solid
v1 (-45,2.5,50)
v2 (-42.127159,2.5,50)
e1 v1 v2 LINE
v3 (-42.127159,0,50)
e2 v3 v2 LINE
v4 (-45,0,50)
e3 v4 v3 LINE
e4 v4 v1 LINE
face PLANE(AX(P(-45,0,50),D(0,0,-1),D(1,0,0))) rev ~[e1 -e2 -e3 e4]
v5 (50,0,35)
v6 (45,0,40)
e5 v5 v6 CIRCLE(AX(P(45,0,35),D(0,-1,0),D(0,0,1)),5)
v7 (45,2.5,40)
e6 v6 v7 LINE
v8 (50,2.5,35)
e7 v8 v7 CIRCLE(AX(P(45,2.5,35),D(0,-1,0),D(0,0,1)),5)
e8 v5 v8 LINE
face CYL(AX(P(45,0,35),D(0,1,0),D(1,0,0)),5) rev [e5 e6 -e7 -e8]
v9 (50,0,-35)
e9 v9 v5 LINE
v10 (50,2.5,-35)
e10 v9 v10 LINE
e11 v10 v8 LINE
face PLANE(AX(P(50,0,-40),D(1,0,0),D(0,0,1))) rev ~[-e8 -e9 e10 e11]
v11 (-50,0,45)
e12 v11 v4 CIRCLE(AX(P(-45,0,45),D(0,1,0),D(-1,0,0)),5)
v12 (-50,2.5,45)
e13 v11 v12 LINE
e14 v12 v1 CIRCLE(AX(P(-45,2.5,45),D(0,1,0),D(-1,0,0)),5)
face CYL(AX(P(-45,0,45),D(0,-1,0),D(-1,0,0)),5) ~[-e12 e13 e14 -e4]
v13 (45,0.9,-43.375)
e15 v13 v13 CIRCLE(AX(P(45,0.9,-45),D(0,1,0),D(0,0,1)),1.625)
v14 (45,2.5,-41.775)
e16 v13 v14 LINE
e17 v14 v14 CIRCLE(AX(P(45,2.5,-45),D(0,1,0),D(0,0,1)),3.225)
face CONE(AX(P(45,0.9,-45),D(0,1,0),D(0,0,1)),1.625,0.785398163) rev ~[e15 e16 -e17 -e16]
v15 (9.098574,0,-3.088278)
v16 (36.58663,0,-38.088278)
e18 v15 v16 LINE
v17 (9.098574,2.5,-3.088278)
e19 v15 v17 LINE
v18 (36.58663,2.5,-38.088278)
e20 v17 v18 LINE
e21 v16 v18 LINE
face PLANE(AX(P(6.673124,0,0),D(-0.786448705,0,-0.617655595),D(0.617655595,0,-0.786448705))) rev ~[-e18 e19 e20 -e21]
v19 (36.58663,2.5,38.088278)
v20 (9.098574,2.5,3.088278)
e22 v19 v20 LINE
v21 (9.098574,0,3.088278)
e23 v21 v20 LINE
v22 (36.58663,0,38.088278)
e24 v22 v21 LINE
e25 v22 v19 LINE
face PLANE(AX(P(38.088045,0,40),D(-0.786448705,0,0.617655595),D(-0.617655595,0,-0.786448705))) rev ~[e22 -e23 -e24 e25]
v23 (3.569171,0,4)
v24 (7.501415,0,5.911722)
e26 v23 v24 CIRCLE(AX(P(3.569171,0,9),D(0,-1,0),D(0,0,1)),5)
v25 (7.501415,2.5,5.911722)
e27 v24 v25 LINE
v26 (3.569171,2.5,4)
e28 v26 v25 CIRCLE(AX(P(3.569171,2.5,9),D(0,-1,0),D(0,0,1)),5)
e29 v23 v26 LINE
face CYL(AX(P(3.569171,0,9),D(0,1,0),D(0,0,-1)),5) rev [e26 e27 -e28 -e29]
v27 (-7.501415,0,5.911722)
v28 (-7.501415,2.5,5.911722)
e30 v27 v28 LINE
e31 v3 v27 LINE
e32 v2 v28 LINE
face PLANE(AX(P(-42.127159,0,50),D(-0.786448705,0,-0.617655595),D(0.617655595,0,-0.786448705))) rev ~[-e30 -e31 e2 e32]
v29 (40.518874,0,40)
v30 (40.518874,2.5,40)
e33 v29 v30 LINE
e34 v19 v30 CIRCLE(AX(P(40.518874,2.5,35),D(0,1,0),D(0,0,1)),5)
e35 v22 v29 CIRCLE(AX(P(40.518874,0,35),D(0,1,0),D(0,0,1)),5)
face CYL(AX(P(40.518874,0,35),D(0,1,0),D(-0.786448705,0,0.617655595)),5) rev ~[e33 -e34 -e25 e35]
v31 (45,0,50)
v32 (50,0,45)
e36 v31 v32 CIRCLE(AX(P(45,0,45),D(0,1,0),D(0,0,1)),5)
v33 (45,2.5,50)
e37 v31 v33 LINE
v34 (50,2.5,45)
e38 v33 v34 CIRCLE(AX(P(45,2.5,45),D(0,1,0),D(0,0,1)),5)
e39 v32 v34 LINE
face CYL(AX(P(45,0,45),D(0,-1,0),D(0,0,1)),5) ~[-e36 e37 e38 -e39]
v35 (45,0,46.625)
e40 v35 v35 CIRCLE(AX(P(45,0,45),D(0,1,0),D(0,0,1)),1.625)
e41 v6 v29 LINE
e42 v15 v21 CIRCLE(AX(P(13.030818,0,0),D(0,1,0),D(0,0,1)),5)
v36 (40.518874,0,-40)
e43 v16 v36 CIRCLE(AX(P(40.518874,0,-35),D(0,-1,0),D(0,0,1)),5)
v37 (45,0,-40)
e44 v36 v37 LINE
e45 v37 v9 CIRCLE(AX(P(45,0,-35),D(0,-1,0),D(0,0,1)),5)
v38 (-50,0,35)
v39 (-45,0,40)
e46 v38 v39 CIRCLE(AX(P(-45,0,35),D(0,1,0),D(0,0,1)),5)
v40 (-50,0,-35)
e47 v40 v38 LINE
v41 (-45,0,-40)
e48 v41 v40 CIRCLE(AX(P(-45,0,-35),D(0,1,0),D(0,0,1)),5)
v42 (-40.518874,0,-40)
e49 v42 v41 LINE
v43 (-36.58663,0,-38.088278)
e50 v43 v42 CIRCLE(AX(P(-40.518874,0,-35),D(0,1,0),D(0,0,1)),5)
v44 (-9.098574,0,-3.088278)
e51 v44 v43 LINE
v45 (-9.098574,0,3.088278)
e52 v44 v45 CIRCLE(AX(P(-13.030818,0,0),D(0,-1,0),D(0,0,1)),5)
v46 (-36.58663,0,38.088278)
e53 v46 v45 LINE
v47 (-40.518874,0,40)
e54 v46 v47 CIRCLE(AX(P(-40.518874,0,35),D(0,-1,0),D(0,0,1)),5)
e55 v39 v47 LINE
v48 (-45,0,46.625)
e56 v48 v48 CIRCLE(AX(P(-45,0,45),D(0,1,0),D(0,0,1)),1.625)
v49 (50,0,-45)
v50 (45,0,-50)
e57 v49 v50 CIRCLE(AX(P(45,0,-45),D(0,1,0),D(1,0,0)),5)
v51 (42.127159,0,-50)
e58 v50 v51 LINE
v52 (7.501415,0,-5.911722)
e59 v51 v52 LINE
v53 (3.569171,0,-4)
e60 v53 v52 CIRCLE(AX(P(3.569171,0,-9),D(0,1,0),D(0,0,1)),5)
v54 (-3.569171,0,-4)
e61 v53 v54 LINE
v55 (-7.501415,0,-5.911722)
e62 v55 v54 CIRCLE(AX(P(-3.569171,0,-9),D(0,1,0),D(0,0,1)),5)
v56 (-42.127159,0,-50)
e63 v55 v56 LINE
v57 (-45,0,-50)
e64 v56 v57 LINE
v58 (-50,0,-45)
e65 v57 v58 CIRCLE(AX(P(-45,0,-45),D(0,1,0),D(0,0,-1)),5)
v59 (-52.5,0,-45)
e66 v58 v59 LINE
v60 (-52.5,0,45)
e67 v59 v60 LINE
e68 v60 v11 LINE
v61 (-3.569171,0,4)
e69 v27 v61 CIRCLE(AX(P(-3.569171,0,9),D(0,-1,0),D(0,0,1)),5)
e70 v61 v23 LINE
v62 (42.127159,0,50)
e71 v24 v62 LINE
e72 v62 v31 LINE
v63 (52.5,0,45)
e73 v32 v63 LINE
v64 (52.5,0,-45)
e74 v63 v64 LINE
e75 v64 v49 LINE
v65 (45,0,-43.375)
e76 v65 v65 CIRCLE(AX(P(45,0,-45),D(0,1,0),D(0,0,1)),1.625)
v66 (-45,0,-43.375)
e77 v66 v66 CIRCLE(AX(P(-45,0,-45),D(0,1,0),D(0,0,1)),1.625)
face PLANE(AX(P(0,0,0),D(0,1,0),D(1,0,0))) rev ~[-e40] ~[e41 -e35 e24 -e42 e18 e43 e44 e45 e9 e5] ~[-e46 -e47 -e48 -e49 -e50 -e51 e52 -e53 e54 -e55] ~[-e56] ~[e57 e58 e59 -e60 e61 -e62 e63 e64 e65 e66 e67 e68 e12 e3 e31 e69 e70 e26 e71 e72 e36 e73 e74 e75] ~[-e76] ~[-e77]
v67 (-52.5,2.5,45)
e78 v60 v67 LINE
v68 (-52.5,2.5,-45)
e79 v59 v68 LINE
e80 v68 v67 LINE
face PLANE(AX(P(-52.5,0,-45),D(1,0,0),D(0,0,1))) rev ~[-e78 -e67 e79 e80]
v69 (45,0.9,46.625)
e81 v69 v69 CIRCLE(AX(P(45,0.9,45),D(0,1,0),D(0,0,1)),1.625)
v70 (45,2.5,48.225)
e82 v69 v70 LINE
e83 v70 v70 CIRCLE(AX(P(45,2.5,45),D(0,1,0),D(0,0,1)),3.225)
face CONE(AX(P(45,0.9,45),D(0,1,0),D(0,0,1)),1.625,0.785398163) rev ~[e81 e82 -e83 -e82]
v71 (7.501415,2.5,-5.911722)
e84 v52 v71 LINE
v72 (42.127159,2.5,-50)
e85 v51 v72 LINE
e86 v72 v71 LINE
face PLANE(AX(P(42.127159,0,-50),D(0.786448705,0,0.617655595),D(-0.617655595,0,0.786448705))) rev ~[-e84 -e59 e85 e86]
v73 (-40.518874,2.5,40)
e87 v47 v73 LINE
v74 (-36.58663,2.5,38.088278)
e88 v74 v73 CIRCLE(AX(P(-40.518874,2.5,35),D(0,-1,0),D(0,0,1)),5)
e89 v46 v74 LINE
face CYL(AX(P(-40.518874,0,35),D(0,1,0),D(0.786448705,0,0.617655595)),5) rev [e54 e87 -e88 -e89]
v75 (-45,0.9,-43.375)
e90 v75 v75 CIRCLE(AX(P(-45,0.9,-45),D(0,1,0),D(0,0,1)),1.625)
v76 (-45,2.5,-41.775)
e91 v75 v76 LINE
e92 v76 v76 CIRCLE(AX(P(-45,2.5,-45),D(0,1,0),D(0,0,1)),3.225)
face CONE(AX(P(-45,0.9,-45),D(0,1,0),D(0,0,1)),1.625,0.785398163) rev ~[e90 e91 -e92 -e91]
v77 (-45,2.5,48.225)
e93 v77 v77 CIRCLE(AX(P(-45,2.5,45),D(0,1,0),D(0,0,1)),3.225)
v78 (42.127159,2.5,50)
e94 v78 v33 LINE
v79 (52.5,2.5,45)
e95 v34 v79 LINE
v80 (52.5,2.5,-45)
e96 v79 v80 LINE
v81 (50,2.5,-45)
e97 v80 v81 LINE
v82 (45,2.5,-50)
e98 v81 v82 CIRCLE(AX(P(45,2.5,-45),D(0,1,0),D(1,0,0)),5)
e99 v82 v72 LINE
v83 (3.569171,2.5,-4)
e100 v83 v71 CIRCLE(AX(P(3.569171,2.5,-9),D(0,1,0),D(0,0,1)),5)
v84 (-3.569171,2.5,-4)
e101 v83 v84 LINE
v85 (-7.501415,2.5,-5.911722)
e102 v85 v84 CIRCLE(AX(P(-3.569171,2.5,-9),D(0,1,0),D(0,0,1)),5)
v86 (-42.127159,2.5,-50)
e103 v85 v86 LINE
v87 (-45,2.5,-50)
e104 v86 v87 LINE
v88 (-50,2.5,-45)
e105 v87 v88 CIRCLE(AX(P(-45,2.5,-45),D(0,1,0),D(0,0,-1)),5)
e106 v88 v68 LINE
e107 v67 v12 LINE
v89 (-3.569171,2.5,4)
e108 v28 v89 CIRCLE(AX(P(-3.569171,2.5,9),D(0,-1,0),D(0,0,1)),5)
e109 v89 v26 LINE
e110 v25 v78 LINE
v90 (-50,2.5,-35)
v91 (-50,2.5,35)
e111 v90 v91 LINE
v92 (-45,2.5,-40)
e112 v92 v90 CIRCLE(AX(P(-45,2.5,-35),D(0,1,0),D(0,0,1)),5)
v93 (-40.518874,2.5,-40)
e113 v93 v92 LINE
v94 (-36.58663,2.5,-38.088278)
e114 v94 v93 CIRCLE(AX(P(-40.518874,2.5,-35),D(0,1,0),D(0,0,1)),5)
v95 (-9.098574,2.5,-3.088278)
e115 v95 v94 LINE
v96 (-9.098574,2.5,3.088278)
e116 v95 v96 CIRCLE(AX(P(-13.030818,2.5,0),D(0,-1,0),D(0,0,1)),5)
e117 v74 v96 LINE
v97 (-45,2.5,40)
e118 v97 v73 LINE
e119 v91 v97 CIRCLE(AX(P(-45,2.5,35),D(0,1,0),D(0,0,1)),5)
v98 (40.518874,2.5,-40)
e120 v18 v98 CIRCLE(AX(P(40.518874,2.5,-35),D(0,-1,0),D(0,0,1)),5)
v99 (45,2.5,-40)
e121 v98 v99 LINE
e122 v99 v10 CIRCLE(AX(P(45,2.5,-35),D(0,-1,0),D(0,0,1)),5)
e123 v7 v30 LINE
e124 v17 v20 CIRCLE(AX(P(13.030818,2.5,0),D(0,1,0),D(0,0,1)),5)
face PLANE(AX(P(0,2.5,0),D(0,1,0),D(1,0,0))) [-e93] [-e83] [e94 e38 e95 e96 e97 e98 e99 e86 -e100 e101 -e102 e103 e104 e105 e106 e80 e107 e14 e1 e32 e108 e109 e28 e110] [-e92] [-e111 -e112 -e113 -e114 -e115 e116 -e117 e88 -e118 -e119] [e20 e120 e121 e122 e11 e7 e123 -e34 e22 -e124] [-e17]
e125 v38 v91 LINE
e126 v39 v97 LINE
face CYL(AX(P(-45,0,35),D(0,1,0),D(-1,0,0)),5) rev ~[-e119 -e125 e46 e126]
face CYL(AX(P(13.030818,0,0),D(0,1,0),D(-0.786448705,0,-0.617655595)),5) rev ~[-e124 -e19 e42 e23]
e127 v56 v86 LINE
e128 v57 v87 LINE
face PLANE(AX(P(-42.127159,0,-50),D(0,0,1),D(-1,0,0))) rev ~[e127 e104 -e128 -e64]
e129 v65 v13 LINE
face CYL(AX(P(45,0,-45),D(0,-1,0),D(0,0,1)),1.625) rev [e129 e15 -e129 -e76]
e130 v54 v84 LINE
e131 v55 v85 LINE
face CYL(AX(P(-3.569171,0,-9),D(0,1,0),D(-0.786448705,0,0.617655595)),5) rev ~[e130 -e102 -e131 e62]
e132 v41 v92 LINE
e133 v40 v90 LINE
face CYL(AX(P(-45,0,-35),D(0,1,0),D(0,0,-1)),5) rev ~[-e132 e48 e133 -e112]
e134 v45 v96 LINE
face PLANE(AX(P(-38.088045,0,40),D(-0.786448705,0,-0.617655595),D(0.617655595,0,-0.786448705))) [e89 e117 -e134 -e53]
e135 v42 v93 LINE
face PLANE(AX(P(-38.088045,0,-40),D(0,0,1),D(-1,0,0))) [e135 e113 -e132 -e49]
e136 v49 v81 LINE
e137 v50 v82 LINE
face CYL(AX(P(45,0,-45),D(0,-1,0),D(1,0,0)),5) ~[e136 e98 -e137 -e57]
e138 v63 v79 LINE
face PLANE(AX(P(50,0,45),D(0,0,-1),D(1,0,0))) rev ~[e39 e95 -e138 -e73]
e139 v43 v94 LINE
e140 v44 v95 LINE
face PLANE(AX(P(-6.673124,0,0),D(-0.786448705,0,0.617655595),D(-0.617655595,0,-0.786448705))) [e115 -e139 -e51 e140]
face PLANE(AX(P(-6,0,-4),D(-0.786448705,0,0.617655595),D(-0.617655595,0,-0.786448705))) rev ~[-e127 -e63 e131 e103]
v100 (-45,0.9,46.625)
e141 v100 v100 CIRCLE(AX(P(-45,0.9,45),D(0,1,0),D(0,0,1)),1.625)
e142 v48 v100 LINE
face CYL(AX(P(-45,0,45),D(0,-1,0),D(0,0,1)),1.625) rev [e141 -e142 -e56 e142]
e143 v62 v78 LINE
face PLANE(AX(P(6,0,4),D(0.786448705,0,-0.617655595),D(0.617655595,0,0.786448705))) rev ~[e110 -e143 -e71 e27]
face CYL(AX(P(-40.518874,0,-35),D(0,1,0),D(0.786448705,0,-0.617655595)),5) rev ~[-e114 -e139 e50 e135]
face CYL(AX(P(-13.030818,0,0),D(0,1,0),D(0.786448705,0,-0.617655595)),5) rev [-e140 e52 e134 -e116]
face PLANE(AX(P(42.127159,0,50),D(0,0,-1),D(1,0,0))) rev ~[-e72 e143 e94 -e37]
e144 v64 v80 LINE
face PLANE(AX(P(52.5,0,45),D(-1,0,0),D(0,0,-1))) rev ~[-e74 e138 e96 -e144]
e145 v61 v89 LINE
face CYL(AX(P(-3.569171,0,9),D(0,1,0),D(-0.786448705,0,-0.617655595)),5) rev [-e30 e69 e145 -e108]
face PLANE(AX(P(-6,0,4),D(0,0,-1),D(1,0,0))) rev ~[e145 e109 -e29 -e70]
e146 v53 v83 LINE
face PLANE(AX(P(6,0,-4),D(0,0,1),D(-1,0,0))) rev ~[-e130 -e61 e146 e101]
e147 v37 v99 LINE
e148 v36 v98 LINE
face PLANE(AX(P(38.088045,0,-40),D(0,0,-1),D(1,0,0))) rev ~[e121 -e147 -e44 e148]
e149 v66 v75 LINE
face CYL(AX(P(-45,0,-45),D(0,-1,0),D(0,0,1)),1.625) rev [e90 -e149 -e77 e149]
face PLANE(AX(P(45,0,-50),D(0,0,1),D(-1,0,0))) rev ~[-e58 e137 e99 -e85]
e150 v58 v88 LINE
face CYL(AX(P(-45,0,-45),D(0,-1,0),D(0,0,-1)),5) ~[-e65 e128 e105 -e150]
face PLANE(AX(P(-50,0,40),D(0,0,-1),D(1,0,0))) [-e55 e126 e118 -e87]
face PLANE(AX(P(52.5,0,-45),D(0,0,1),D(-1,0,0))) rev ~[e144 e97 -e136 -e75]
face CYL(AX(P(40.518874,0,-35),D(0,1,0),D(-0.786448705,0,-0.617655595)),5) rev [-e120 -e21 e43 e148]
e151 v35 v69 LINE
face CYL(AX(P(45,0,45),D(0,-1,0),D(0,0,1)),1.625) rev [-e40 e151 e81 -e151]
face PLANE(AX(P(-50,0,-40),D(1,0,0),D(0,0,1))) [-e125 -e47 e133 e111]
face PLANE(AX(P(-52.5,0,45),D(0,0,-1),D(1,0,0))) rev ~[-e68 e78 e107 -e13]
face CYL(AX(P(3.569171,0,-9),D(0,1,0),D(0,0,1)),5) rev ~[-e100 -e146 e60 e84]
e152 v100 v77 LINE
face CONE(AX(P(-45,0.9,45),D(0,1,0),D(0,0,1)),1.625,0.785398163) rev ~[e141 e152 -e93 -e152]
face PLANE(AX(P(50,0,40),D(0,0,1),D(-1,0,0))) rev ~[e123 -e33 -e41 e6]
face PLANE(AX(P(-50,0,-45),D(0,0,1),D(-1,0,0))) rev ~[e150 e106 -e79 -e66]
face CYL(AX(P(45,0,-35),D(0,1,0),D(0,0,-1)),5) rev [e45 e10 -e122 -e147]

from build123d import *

# Parameters (mm, degrees)
SKETCH1_R           = 1.625
BOSS_EXTRUDE1_DEPTH = 2.5
FILLET1_R           = 5
FILLET2_R           = 5
CHAMFER1_SIZE       = 1.6


with BuildPart() as part:
    # Sketch1 → Boss-Extrude1 (new body)
    with BuildSketch(Plane(origin=(0, 0, 0), x_dir=(1, 0, 0), z_dir=(0, 1, 0))):
        with BuildLine():
            Line((-52.5, 45), (-52.5, -45))
            Line((-52.5, -45), (-50, -45))
            ThreePointArc((-50, -45), (-48.535533906, -48.535533906), (-45, -50))
            Line((-45, -50), (-42.127158908, -50))
            Line((-42.127158908, -50), (-6, -4))
            Line((-6, -4), (6, -4))
            Line((6, -4), (42.127158908, -50))
            Line((42.127158908, -50), (45, -50))
            ThreePointArc((45, -50), (48.535533906, -48.535533906), (50, -45))
            Line((50, -45), (52.5, -45))
            Line((52.5, -45), (52.5, 45))
            Line((52.5, 45), (50, 45))
            ThreePointArc((50, 45), (48.535533906, 48.535533906), (45, 50))
            Line((45, 50), (42.127158908, 50))
            Line((42.127158908, 50), (6, 4))
            Line((6, 4), (-6, 4))
            Line((-6, 4), (-42.127158908, 50))
            Line((-42.127158908, 50), (-45, 50))
            ThreePointArc((-45, 50), (-48.535533906, 48.535533906), (-50, 45))
            Line((-50, 45), (-52.5, 45))
        make_face()
        with Locations(Location((-45, 45, 0), (0, 0, 270))):
            Circle(SKETCH1_R, mode=Mode.SUBTRACT)
        with Locations(Location((45, 45, 0), (0, 0, 270))):
            Circle(SKETCH1_R, mode=Mode.SUBTRACT)
        with Locations(Location((-45, -45, 0), (0, 0, 270))):
            Circle(SKETCH1_R, mode=Mode.SUBTRACT)
        with Locations(Location((45, -45, 0), (0, 0, 270))):
            Circle(SKETCH1_R, mode=Mode.SUBTRACT)
        Polygon((-50, 40), (-50, -40), (-38.088044946, -40), (-6.673124156, 0), (-38.088044946, 40), align=None, mode=Mode.SUBTRACT)
        Polygon((50, -40), (38.088044946, -40), (6.673124156, 0), (38.088044946, 40), (50, 40), align=None, mode=Mode.SUBTRACT)
    extrude(amount=BOSS_EXTRUDE1_DEPTH)

    # Fillet1
    fillet1_edges = [part.edges().sort_by_distance(p)[0] for p in [
        (-6, 1.25, -4),
        (6, 1.25, -4),
        (6, 1.25, 4),
        (-6, 1.25, 4),
        (-6.673124156, 1.25, 0),
        (6.673124156, 1.25, 0),
    ]]
    fillet(fillet1_edges, radius=FILLET1_R)

    # Fillet2
    fillet2_edges = [part.edges().sort_by_distance(p)[0] for p in [
        (-38.088044946, 1.25, -40),
        (-50, 1.25, -40),
        (-50, 1.25, 40),
        (-38.088044946, 1.25, 40),
        (50, 1.25, 40),
        (50, 1.25, -40),
        (38.088044946, 1.25, -40),
        (38.088044946, 1.25, 40),
    ]]
    fillet(fillet2_edges, radius=FILLET2_R)

    # Chamfer1
    chamfer1_edges = [part.edges().sort_by_distance(p)[0] for p in [
        (-45, 2.5, -46.625),
        (45, 2.5, -46.625),
        (-45, 2.5, 43.375),
        (45, 2.5, 43.375),
    ]]
    chamfer(chamfer1_edges, length=CHAMFER1_SIZE)


solid = part.part
